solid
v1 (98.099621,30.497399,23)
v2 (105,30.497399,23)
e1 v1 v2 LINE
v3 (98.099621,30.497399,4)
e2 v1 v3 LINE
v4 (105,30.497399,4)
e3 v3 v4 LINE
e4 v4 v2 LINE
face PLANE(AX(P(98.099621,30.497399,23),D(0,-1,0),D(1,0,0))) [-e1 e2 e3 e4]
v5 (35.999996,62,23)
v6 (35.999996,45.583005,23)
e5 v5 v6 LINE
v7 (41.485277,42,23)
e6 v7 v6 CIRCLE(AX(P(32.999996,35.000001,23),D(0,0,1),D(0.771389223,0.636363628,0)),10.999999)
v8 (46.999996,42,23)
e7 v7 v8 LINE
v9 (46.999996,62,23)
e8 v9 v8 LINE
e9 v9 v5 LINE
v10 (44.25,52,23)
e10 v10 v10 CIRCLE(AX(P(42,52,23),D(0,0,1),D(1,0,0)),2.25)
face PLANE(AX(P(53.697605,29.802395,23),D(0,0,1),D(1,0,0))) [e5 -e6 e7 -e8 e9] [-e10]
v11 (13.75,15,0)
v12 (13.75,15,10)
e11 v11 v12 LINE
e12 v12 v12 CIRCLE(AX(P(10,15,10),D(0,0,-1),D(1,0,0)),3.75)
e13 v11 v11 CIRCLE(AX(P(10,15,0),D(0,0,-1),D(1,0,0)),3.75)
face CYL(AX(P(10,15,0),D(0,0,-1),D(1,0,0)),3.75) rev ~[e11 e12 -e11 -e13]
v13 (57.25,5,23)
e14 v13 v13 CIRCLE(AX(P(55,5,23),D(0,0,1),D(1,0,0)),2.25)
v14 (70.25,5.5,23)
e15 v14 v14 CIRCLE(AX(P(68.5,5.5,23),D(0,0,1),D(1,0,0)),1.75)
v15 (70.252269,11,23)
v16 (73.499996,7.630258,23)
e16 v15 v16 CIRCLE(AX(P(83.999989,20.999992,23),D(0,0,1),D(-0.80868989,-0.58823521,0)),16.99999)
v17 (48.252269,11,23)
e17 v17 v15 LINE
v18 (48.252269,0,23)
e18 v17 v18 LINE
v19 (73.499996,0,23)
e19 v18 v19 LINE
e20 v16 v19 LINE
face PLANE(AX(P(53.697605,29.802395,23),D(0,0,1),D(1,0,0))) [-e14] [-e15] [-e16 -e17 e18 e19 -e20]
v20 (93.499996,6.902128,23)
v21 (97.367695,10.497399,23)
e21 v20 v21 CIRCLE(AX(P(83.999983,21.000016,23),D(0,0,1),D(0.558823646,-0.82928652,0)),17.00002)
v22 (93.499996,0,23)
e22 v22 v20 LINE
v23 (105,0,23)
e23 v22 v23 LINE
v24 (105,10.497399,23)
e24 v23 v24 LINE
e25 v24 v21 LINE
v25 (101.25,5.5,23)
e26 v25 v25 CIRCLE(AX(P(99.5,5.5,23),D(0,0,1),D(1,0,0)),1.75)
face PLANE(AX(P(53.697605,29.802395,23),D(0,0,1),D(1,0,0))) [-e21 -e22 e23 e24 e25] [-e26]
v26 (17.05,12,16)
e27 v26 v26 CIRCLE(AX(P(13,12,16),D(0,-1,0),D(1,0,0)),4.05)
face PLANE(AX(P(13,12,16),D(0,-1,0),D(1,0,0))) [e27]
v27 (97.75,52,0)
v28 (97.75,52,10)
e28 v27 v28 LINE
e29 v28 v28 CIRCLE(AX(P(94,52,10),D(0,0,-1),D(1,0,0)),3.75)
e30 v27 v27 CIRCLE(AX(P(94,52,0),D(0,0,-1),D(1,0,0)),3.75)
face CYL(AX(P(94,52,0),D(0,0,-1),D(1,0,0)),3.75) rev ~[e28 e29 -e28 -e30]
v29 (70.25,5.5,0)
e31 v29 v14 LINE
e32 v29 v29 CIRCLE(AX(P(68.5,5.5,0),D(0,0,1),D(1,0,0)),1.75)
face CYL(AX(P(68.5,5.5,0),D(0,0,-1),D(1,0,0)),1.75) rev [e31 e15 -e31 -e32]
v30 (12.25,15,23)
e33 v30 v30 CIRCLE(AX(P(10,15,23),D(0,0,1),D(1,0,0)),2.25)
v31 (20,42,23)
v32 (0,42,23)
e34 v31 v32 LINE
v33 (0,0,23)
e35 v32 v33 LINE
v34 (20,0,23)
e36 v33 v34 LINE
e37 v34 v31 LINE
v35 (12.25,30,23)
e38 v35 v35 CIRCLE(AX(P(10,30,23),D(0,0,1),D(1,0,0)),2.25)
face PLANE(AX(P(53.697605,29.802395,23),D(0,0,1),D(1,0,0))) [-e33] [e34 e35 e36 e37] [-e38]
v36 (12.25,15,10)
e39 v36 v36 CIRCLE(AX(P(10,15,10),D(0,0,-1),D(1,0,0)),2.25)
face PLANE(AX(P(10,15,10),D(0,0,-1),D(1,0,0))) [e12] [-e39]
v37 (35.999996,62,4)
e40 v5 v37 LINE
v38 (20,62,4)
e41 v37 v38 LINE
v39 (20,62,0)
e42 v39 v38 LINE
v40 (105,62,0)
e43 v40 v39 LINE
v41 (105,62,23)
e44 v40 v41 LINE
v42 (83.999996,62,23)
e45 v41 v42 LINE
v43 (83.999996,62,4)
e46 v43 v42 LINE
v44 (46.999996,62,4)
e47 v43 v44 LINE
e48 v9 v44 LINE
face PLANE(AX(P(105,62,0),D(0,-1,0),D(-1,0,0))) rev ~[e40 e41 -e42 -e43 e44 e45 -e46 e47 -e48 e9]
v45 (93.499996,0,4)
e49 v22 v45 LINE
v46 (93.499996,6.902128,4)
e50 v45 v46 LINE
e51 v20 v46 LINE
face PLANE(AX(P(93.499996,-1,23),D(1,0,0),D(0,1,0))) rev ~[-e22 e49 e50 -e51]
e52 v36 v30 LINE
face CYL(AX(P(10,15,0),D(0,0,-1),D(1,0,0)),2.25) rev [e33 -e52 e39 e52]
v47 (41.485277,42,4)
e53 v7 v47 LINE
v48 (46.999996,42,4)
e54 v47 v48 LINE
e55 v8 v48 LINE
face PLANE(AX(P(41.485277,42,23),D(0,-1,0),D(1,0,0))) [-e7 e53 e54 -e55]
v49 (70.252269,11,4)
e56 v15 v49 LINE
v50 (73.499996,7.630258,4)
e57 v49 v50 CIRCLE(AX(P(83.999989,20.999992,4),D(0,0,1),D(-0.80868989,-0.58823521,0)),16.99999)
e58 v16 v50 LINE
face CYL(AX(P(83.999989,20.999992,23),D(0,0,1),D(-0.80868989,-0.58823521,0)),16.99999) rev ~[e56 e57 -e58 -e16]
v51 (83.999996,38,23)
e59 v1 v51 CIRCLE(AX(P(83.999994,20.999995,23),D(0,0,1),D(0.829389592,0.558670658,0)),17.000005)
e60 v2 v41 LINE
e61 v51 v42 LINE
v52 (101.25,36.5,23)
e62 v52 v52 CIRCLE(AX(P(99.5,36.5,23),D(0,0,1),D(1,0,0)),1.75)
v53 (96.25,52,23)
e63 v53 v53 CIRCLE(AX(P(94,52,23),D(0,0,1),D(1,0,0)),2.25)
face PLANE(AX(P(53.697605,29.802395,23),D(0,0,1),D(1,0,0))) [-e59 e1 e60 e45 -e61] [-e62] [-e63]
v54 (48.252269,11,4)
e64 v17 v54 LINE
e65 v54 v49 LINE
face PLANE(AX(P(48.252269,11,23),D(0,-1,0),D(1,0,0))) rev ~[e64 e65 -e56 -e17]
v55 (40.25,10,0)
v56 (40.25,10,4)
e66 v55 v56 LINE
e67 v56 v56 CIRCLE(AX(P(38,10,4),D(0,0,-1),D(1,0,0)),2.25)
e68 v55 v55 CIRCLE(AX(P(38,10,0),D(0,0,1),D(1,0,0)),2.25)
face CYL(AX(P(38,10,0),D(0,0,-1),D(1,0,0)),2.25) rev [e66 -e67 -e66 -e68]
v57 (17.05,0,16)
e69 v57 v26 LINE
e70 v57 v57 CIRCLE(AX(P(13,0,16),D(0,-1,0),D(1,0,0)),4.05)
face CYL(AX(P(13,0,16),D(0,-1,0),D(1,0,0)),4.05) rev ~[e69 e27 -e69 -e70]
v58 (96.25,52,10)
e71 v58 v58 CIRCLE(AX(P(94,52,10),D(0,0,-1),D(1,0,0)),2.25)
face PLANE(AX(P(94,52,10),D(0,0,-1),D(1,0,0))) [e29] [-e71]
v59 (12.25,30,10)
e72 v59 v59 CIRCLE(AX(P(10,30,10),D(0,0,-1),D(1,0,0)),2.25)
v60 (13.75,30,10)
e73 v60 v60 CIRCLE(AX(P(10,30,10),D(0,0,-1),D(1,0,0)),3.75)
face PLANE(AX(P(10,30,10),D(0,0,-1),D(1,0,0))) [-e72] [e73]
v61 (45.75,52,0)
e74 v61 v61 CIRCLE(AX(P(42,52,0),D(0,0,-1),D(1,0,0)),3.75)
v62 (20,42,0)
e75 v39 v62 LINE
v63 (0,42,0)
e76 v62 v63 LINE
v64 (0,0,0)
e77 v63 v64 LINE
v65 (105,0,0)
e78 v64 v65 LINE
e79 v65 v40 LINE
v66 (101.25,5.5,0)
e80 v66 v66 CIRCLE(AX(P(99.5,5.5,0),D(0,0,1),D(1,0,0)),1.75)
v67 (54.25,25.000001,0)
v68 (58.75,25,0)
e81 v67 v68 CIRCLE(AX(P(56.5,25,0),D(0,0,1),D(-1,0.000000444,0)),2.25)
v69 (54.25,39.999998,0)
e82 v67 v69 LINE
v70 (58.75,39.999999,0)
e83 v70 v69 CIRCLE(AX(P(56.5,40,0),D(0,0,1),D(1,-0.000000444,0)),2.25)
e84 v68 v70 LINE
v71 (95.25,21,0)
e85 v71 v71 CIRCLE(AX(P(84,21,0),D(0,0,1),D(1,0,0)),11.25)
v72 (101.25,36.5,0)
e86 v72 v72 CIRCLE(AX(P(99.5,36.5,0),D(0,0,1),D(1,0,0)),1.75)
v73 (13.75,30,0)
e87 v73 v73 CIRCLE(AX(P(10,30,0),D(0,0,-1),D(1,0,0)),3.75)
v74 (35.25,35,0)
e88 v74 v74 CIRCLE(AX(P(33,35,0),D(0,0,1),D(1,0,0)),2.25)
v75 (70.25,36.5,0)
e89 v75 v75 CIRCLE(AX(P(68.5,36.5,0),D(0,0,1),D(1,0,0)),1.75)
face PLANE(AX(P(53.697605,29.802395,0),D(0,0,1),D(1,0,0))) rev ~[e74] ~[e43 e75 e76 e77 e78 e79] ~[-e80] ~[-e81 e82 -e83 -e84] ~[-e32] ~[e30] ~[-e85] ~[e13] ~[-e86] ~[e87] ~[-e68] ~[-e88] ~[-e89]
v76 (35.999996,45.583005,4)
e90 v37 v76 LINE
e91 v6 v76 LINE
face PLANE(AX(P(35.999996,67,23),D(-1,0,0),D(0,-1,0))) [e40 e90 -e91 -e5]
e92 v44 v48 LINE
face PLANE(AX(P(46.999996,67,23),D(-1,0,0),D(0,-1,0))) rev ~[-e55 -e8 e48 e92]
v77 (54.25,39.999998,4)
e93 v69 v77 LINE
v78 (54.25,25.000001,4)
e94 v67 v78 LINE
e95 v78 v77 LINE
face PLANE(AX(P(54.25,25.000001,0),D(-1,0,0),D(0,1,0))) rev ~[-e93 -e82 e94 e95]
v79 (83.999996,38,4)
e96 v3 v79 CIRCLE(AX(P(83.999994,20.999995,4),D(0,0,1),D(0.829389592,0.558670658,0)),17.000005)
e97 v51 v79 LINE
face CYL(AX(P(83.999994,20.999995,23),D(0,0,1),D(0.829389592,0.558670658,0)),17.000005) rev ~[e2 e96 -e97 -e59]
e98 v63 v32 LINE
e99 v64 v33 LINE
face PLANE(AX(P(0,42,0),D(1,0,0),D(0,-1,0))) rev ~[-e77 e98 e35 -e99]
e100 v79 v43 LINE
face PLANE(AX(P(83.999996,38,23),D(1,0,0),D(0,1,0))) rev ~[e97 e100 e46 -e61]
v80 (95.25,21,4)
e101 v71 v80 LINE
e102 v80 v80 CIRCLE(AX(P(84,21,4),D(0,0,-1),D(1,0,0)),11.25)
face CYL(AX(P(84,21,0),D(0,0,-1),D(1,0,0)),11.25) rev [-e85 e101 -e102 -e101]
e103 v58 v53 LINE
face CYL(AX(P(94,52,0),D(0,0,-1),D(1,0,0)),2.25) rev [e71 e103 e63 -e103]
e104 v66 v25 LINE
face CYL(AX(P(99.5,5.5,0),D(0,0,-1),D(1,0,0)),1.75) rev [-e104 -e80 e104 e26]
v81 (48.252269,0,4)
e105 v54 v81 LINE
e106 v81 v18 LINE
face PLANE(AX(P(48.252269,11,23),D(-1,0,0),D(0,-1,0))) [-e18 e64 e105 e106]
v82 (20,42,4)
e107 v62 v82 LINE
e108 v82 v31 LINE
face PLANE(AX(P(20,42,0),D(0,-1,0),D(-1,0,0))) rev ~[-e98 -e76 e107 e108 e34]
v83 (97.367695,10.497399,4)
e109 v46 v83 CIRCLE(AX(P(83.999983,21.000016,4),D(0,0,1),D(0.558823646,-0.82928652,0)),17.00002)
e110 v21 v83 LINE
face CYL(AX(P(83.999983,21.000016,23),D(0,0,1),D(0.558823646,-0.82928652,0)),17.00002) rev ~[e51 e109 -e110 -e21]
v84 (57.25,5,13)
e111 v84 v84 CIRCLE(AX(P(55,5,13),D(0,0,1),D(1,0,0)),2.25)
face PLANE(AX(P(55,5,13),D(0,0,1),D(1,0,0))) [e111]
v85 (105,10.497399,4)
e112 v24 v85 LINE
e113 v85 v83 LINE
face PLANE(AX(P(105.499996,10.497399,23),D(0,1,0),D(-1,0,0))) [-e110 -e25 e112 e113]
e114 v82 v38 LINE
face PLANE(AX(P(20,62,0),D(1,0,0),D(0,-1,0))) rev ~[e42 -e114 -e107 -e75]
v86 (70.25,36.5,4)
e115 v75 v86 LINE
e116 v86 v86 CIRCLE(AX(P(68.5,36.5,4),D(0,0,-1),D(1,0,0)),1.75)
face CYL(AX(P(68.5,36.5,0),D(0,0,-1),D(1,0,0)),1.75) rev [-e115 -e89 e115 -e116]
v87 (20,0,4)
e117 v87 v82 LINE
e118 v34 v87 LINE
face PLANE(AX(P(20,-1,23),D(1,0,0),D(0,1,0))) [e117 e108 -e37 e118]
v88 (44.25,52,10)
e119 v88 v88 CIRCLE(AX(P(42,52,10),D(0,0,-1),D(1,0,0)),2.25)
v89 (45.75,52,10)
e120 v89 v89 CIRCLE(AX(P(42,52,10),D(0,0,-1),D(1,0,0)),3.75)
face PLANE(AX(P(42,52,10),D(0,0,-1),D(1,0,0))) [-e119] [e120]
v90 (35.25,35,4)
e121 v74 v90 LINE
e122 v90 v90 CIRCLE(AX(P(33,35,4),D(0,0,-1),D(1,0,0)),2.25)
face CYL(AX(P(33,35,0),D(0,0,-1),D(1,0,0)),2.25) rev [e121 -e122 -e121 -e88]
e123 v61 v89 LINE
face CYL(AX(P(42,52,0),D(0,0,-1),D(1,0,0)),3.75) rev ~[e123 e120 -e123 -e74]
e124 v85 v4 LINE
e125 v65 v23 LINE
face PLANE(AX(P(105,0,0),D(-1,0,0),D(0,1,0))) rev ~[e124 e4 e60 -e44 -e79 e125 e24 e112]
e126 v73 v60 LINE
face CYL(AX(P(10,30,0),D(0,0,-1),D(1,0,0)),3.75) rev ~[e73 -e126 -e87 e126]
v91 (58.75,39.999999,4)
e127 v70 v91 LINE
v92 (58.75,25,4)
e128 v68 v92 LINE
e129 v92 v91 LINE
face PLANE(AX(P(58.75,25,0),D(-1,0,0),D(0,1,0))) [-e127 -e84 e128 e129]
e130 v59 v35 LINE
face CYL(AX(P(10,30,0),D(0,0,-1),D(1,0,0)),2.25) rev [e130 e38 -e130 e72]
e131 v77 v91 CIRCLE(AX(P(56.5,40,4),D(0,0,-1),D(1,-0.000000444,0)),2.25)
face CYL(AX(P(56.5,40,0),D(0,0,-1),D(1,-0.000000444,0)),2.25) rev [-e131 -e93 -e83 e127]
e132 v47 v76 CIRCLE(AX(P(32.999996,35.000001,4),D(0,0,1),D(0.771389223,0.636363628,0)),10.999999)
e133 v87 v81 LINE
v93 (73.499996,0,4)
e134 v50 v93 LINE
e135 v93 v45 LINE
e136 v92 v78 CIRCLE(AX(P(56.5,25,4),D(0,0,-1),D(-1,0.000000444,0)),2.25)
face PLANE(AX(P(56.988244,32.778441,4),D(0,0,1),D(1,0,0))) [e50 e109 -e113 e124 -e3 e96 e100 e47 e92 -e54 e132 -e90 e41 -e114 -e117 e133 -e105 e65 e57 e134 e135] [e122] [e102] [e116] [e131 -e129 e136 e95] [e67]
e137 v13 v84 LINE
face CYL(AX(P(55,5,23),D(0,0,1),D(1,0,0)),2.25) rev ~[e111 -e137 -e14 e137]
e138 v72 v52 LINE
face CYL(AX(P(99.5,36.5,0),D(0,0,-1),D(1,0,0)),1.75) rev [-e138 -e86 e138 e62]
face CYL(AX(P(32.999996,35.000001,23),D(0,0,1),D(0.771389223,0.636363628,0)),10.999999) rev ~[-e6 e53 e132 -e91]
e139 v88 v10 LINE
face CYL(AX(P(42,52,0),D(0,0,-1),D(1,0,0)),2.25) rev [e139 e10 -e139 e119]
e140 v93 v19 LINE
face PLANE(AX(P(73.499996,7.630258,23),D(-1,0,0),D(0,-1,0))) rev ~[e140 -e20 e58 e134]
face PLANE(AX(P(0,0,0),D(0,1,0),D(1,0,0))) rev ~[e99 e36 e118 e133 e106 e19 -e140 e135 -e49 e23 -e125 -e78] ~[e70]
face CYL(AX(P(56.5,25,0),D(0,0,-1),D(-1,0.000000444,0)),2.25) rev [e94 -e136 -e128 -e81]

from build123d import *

# Parameters (mm, degrees)
SKETCH_R        = 2.25
SKETCH_R_2      = 11.25
SKETCH_R_3      = 1.75
PAD_DEPTH       = 23
POCKET_DEPTH    = 19
SKETCH004_R     = 2.25
POCKET003_DEPTH = 10
SKETCH005_R     = 4.05
POCKET004_DEPTH = 12
SKETCH006_R     = 3.75
POCKET005_DEPTH = 10


with BuildPart() as part:
    # Sketch → Pad (new body)
    with BuildSketch(Plane.XY):
        Polygon((0, 0), (105, 0), (105, 62), (20, 62), (20, 42), (0, 42), align=None)
        with Locations((38, 10)):
            Circle(SKETCH_R, mode=Mode.SUBTRACT)
        with Locations((33, 35)):
            Circle(SKETCH_R, mode=Mode.SUBTRACT)
        with Locations((84, 21)):
            Circle(SKETCH_R_2, mode=Mode.SUBTRACT)
        with Locations((68.5, 36.5)):
            Circle(SKETCH_R_3, mode=Mode.SUBTRACT)
        with Locations((99.5, 36.5)):
            Circle(SKETCH_R_3, mode=Mode.SUBTRACT)
        with Locations((68.5, 5.5)):
            Circle(SKETCH_R_3, mode=Mode.SUBTRACT)
        with Locations((99.5, 5.5)):
            Circle(SKETCH_R_3, mode=Mode.SUBTRACT)
        with Locations((10, 30)):
            Circle(SKETCH_R, mode=Mode.SUBTRACT)
        with Locations((10, 15)):
            Circle(SKETCH_R, mode=Mode.SUBTRACT)
        with Locations((42, 52)):
            Circle(SKETCH_R, mode=Mode.SUBTRACT)
        with Locations((94, 52)):
            Circle(SKETCH_R, mode=Mode.SUBTRACT)
        with BuildLine():
            Line((58.75, 25), (58.75, 39.999999))
            ThreePointArc((58.75, 39.999999), (56.5, 42.25), (54.25, 39.999998))
            Line((54.25, 25.000001), (54.25, 39.999998))
            ThreePointArc((54.25, 25.000001), (56.5, 22.75), (58.75, 25))
        make_face(mode=Mode.SUBTRACT)
    extrude(amount=PAD_DEPTH)

    # Sketch001 → Pocket (cut)
    with BuildSketch(Plane.XY.offset(23)):
        with BuildLine():
            ThreePointArc((41.485277, 42), (39.015593, 44.209375), (35.999996, 45.583005))
            Line((35.999996, 67), (35.999996, 45.583005))
            Line((20, 67), (35.999996, 67))
            Line((20, -1), (20, 67))
            Line((20, -1), (48.252269, -1))
            Line((48.252269, 11), (48.252269, -1))
            Line((48.252269, 11), (70.252269, 11))
            ThreePointArc((70.252269, 11), (71.759618, 9.202833), (73.499996, 7.630258))
            Line((73.499996, 7.630258), (73.499996, -1))
            Line((73.499996, -1), (93.499996, -1))
            Line((93.499996, -1), (93.499996, 6.902128))
            ThreePointArc((93.499996, 6.902128), (95.574295, 8.548671), (97.367695, 10.497399))
            Line((105.499996, 10.497399), (97.367695, 10.497399))
            Line((105.499996, 30.497399), (105.499996, 10.497399))
            Line((98.099621, 30.497399), (105.499996, 30.497399))
            ThreePointArc((98.099621, 30.497399), (91.98574, 36.007594), (83.999996, 38))
            Line((83.999996, 38), (83.999996, 67))
            Line((83.999996, 67), (46.999996, 67))
            Line((46.999996, 67), (46.999996, 42))
            Line((41.485277, 42), (46.999996, 42))
        make_face()
    extrude(amount=-POCKET_DEPTH, mode=Mode.SUBTRACT)

    # Sketch004 → Pocket003 (cut)
    with BuildSketch(Plane.XY.offset(23)):
        with Locations((55, 5)):
            Circle(SKETCH004_R)
    extrude(amount=-POCKET003_DEPTH, mode=Mode.SUBTRACT)

    # Sketch005 → Pocket004 (cut)
    with BuildSketch(Plane.XZ):
        with Locations((13, 16)):
            Circle(SKETCH005_R)
    extrude(amount=-POCKET004_DEPTH, mode=Mode.SUBTRACT)

    # Sketch006 → Pocket005 (cut)
    with BuildSketch(Plane(origin=(0, 0, 0), x_dir=(1, 0, 0), z_dir=(0, 0, -1))):
        with Locations((10, -15)):
            Circle(SKETCH006_R)
        with Locations((10, -30)):
            Circle(SKETCH006_R)
        with Locations((42, -52)):
            Circle(SKETCH006_R)
        with Locations((94, -52)):
            Circle(SKETCH006_R)
    extrude(amount=-POCKET005_DEPTH, mode=Mode.SUBTRACT)


solid = part.part
